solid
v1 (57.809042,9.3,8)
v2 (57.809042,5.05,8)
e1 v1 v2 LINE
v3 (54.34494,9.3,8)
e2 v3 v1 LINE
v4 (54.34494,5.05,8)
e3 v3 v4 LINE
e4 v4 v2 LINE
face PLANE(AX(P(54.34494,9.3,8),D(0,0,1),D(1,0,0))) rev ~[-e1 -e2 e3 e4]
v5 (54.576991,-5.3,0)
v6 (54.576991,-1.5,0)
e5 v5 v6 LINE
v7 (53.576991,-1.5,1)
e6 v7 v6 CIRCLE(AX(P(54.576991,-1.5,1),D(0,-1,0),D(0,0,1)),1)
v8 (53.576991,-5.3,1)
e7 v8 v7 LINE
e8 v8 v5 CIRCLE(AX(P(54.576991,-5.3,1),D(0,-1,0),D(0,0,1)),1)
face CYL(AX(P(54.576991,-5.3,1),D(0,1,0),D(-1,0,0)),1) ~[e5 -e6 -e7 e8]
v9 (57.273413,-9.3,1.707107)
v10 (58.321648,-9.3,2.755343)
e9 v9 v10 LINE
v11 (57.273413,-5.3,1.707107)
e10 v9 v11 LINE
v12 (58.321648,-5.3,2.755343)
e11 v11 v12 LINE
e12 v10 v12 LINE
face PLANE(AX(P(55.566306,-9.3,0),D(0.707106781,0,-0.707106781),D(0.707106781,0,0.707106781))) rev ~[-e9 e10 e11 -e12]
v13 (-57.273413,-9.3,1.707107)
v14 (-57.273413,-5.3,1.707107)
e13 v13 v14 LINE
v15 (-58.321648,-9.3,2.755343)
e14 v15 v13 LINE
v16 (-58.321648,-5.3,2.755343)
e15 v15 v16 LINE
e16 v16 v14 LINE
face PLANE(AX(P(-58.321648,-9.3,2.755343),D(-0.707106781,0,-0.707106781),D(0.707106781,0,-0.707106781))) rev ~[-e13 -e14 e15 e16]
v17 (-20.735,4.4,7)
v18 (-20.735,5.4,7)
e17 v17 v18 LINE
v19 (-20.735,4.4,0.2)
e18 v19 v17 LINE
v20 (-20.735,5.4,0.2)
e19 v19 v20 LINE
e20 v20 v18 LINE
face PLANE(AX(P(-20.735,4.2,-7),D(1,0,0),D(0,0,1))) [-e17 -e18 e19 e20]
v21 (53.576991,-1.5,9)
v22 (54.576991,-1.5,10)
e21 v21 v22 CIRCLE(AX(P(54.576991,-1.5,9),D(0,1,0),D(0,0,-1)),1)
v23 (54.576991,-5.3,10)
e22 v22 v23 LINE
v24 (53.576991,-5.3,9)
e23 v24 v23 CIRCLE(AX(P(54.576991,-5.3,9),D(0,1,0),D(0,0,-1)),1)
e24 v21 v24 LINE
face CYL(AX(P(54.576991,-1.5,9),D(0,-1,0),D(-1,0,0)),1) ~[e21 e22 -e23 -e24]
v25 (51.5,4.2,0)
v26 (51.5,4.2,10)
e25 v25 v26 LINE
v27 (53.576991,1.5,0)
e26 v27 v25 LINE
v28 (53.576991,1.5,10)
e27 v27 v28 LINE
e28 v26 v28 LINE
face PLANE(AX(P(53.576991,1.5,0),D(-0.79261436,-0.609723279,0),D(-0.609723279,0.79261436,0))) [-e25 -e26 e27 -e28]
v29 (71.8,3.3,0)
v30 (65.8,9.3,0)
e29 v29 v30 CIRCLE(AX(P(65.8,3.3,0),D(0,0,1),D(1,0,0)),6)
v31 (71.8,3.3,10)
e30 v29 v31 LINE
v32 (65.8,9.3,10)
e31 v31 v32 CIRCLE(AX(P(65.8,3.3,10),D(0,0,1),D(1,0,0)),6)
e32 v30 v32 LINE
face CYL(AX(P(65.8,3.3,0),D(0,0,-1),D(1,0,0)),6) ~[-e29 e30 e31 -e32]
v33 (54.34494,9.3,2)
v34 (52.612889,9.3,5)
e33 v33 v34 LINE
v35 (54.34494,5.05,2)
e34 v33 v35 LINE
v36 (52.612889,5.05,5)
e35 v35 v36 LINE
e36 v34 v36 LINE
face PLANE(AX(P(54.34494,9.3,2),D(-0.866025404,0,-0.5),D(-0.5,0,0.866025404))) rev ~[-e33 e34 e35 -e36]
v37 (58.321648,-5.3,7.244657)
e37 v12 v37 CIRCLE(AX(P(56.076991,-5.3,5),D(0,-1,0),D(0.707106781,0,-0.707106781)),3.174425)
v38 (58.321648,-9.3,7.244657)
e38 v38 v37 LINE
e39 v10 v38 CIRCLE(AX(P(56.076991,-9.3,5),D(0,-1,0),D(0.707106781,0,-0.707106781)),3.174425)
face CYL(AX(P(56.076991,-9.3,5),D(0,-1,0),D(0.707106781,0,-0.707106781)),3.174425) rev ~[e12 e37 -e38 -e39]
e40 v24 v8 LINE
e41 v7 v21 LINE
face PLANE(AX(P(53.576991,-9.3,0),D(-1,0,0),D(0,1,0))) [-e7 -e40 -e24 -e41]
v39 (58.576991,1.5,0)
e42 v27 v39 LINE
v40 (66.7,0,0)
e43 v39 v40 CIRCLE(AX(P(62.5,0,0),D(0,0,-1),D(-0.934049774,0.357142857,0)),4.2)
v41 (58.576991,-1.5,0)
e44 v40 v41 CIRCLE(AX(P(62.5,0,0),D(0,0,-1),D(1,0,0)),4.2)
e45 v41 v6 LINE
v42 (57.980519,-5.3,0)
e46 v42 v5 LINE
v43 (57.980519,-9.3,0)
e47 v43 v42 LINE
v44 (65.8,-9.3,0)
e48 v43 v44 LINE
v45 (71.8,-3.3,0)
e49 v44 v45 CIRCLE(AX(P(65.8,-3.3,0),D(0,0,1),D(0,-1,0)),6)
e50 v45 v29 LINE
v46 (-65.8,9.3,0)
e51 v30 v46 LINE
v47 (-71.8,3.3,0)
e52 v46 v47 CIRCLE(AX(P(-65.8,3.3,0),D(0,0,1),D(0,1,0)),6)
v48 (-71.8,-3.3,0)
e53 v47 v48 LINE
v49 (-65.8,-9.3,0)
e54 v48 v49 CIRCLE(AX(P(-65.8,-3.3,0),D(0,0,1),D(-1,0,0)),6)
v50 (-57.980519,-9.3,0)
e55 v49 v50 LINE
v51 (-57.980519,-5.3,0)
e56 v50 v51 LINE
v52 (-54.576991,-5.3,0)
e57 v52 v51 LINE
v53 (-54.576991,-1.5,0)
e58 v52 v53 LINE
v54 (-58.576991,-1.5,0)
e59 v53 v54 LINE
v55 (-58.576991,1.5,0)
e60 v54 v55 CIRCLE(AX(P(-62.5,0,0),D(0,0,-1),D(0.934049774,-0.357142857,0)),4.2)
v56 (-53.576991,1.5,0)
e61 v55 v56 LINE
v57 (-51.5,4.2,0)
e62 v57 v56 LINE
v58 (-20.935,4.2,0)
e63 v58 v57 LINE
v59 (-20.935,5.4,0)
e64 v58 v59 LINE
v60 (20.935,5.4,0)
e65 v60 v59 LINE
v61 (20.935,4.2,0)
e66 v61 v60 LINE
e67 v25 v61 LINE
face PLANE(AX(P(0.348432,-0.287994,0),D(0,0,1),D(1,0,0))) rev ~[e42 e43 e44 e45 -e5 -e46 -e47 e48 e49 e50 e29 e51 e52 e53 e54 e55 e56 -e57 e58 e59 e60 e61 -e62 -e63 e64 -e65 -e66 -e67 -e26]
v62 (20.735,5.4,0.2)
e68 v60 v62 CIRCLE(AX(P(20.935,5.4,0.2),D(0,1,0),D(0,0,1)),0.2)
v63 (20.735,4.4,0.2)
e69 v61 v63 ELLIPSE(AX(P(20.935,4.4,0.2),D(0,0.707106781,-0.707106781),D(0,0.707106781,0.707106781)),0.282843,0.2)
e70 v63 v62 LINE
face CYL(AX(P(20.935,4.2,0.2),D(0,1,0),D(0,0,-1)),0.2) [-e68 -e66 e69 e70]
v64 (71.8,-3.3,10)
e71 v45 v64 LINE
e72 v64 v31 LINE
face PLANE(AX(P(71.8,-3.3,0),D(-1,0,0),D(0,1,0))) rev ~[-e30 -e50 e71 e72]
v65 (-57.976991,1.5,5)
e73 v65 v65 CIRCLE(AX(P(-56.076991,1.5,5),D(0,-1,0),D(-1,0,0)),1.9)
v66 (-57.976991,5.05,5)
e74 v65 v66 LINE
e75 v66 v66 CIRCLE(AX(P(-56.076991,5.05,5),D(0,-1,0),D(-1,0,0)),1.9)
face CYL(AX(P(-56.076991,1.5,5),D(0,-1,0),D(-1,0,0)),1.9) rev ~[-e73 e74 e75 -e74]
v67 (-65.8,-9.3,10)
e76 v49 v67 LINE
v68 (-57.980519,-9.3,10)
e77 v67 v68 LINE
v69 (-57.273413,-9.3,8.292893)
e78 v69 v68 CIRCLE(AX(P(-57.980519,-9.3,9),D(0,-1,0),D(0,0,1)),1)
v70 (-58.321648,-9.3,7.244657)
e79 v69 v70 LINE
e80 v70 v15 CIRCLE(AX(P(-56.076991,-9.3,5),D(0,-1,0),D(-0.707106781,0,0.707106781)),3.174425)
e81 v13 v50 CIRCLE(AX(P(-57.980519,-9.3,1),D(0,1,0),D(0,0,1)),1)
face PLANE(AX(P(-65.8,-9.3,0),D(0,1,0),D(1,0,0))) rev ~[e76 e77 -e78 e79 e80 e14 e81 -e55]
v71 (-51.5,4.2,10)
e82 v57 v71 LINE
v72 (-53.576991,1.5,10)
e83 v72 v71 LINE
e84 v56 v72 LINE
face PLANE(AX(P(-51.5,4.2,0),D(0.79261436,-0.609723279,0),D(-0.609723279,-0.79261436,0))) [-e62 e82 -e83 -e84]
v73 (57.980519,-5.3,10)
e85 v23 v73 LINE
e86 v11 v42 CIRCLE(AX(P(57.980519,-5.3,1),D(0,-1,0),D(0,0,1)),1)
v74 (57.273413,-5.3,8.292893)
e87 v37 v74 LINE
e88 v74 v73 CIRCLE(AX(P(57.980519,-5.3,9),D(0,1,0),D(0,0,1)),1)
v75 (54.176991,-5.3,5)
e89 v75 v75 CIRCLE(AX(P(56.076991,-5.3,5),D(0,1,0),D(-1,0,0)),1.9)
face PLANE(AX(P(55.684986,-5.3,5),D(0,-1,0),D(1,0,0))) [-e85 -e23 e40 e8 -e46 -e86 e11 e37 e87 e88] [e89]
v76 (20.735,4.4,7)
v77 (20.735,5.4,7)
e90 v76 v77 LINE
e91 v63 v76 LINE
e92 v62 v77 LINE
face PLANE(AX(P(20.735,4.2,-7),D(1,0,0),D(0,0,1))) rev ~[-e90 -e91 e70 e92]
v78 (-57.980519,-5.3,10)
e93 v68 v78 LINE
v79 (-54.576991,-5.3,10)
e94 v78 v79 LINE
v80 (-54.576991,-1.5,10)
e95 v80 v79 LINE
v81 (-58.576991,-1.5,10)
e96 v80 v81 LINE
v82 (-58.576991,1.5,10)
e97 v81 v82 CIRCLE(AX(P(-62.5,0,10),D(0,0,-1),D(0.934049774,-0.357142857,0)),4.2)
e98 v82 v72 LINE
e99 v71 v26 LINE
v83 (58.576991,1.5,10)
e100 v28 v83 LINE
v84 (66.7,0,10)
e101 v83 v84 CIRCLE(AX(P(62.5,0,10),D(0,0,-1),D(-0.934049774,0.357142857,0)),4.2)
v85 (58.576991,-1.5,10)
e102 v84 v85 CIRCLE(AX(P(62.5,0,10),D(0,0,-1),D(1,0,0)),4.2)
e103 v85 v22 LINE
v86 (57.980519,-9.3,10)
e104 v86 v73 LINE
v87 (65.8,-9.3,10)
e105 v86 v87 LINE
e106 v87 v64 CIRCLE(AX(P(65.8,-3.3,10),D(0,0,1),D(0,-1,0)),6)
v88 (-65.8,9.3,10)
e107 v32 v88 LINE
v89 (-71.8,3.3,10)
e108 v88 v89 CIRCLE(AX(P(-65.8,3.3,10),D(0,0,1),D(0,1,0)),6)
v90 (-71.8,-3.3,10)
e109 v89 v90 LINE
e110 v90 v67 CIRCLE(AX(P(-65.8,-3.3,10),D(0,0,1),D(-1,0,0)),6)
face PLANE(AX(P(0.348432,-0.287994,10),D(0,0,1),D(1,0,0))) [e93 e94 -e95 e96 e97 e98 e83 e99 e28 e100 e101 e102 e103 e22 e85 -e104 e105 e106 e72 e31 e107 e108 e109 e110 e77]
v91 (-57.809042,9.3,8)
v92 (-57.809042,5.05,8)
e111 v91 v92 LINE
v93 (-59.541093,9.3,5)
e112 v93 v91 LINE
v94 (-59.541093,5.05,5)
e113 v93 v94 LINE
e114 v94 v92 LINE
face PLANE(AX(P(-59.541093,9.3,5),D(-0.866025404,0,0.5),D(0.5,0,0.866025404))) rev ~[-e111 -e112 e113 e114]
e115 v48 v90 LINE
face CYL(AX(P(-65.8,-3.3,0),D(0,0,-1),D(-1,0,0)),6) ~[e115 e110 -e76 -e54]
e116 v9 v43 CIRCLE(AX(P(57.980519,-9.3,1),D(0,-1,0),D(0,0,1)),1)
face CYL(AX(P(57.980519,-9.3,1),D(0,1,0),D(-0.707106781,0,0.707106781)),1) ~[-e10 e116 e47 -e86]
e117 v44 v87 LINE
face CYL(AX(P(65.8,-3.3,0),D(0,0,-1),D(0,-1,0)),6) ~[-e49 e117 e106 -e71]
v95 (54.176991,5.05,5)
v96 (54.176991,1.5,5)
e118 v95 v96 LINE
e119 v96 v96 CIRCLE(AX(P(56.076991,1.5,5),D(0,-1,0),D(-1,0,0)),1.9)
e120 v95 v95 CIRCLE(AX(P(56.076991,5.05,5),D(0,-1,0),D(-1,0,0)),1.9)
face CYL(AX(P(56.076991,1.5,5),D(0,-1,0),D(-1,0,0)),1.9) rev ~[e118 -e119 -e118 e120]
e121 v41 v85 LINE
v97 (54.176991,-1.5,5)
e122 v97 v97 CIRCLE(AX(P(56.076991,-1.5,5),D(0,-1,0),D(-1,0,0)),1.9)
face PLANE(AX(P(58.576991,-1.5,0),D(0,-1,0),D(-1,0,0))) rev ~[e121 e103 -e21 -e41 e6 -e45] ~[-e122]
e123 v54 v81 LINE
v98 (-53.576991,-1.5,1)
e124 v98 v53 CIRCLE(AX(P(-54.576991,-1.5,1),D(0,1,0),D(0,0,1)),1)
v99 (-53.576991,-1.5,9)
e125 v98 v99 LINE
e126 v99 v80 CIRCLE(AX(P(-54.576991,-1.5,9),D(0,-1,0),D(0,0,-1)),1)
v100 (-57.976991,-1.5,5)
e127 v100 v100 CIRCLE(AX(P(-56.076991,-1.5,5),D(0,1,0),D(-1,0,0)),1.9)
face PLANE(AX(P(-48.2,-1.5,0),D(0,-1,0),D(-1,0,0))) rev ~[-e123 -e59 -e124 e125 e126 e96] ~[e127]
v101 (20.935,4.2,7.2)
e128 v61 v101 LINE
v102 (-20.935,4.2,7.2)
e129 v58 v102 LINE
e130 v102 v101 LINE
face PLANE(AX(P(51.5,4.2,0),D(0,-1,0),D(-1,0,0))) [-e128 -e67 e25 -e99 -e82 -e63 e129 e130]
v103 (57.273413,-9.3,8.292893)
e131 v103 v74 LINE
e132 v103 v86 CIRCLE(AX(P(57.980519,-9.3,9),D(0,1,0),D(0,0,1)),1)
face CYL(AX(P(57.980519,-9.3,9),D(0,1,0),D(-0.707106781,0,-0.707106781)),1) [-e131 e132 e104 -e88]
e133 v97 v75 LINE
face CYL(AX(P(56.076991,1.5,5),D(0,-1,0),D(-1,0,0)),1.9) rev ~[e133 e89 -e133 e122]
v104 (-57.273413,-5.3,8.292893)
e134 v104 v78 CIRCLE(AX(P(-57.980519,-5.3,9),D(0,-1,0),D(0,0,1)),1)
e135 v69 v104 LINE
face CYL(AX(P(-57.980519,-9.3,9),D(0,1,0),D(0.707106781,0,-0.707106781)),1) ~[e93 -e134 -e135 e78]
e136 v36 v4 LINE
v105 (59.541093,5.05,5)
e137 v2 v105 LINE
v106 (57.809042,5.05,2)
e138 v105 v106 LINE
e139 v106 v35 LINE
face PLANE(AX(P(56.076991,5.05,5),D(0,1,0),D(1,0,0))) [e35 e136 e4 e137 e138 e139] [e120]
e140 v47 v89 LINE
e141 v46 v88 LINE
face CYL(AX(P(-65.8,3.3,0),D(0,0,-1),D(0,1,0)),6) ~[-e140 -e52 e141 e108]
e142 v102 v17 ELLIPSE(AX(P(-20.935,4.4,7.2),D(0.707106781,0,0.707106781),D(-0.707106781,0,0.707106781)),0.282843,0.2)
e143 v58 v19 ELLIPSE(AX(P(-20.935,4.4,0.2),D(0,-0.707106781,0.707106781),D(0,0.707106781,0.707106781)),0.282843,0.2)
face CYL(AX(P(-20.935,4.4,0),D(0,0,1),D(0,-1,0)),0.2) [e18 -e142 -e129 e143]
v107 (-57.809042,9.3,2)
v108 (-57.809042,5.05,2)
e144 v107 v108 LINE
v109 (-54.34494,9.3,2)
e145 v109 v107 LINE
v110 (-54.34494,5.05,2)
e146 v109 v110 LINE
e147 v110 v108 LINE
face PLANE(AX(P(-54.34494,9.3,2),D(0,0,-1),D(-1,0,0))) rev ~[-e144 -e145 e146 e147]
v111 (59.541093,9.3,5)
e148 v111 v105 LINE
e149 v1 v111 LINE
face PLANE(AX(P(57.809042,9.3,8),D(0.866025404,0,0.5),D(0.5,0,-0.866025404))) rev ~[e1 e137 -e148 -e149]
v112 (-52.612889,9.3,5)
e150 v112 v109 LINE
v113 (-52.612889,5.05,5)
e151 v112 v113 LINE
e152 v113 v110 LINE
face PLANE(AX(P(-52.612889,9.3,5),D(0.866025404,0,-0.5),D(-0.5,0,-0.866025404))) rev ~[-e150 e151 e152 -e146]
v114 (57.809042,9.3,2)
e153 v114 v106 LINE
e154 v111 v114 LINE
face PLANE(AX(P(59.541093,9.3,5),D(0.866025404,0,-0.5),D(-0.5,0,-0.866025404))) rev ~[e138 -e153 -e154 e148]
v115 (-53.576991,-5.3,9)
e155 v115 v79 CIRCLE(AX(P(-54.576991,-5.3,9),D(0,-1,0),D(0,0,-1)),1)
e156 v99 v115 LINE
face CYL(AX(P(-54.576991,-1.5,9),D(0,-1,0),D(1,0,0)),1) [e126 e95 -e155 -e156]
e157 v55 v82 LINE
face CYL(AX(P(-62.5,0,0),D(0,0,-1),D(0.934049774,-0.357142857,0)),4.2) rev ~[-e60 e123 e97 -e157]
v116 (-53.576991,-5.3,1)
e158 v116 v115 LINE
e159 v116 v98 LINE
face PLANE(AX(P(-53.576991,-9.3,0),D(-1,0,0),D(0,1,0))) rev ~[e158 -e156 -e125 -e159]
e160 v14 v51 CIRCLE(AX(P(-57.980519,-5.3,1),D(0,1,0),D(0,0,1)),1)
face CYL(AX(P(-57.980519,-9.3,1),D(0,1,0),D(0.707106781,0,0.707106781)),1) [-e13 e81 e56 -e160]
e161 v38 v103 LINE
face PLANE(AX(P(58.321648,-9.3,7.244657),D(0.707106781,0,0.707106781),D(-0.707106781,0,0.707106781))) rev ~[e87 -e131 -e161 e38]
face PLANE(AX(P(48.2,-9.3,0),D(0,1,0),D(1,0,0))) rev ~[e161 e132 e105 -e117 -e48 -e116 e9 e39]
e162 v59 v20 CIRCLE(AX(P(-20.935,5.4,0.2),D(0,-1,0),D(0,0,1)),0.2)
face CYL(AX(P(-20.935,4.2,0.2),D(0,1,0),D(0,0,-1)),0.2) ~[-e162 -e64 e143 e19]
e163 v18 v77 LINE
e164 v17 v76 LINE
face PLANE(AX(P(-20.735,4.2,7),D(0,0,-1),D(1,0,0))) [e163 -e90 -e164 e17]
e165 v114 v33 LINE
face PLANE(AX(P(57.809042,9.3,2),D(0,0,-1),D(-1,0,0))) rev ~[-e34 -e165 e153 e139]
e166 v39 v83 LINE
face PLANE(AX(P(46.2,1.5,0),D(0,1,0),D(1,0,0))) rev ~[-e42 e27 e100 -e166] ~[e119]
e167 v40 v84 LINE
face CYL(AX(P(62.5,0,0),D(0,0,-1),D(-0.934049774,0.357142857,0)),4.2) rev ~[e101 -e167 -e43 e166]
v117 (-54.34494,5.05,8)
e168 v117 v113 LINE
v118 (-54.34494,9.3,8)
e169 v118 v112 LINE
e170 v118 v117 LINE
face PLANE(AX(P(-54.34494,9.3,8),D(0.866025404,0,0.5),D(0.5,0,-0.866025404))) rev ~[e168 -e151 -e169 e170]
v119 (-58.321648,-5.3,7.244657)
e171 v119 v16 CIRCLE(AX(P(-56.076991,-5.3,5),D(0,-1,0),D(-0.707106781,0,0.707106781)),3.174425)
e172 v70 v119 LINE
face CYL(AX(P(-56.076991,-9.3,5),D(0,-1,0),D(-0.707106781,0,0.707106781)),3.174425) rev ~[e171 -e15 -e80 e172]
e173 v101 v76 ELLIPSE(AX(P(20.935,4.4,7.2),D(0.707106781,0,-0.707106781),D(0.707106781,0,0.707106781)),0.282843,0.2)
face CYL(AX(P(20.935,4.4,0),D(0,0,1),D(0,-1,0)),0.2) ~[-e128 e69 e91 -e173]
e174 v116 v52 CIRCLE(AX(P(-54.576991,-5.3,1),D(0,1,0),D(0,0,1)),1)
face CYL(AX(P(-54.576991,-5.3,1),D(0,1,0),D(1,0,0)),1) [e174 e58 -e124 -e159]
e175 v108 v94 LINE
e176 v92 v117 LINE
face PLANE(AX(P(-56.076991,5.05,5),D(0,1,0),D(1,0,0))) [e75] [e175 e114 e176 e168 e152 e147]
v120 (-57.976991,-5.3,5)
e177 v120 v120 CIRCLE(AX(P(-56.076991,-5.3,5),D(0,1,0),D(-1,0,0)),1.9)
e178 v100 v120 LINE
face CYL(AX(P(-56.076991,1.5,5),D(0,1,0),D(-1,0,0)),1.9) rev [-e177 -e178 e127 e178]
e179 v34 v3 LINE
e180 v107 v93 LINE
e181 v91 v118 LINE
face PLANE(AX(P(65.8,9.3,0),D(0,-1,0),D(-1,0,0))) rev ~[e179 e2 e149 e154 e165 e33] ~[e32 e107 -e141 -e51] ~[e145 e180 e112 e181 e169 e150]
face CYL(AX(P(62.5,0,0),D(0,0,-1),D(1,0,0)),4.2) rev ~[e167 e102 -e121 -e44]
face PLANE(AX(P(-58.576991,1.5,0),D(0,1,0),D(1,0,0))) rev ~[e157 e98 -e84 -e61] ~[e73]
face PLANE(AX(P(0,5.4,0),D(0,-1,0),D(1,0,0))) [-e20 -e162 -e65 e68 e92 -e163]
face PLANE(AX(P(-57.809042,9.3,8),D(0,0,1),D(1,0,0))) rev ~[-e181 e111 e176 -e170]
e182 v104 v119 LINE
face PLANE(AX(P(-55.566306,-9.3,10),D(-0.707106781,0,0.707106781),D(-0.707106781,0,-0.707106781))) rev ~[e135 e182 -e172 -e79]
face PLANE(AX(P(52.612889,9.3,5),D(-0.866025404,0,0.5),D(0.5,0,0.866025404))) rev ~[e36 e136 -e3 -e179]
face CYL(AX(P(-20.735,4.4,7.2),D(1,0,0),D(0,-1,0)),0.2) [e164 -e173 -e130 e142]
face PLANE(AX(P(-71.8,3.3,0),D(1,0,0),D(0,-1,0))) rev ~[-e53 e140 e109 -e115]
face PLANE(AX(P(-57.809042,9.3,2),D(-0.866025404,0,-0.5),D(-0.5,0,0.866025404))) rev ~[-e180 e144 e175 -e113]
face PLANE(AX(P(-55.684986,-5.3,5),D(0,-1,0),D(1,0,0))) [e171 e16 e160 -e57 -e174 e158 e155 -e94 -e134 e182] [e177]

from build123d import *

# Parameters (mm, degrees)
SALIENTE_EXTRUIR1_DEPTH = 10
CROQUIS2_R              = 1.9
CORTAR_EXTRUIR1_DEPTH   = 25
CORTAR_EXTRUIR5_DEPTH   = 74.087139772
CROQUIS8_W              = 5.376990951
CROQUIS8_H              = 7.8
CORTAR_EXTRUIR6_DEPTH   = 74.087139772
CORTAR_EXTRUIR7_DEPTH   = 4.25
CROQUIS10_R             = 1.9
CORTAR_EXTRUIR8_DEPTH   = 4
REDONDEO1_R             = 1
CROQUIS11_W             = 41.47
CROQUIS11_H             = 14
CORTAR_EXTRUIR9_DEPTH   = 1.2
REDONDEO2_R             = 0.2


with BuildPart() as part:
    # Croquis1 → Saliente-Extruir1 (new body)
    with BuildSketch(Plane.XY):
        with BuildLine():
            Line((65.8, 9.3), (-65.8, 9.3))
            ThreePointArc((-65.8, 9.3), (-70.042640687, 7.542640687), (-71.8, 3.3))
            Line((-71.8, 3.3), (-71.8, -3.3))
            ThreePointArc((-71.8, -3.3), (-70.042640687, -7.542640687), (-65.8, -9.3))
            Line((-65.8, -9.3), (-48.2, -9.3))
            Line((-48.2, -9.3), (-48.2, -1.5))
            Line((-48.2, -1.5), (-58.576990951, -1.5))
            ThreePointArc((-58.576990951, -1.5), (-66.7, 0), (-58.576990951, 1.5))
            Line((-58.576990951, 1.5), (-46.2, 1.5))
            Line((-46.2, 1.5), (-46.2, -9.3))
            Line((-46.2, -9.3), (46.2, -9.3))
            Line((46.2, -9.3), (46.2, 1.5))
            Line((46.2, 1.5), (58.576990951, 1.5))
            ThreePointArc((58.576990951, 1.5), (63.26268014, 4.130171789), (66.7, 0))
            ThreePointArc((66.7, 0), (63.26268014, -4.130171789), (58.576990951, -1.5))
            Line((58.576990951, -1.5), (48.2, -1.5))
            Line((48.2, -1.5), (48.2, -9.3))
            Line((48.2, -9.3), (65.8, -9.3))
            ThreePointArc((65.8, -9.3), (70.042640687, -7.542640687), (71.8, -3.3))
            Line((71.8, -3.3), (71.8, 3.3))
            ThreePointArc((71.8, 3.3), (70.042640687, 7.542640687), (65.8, 9.3))
        make_face()
    extrude(amount=SALIENTE_EXTRUIR1_DEPTH)

    # Croquis2 → Cortar-Extruir1 (cut, symmetric)
    with BuildSketch(Plane.XZ.offset(-1.5)):
        with Locations(Location((-56.076990951, 5, 0), (0, 0, 180))):
            Circle(CROQUIS2_R)
        with Locations(Location((56.076990951, 5, 0), (0, 0, 180))):
            Circle(CROQUIS2_R)
    extrude(amount=CORTAR_EXTRUIR1_DEPTH, both=True, mode=Mode.SUBTRACT)

    # Croquis7 → Cortar-Extruir5 (cut, through all)
    with BuildSketch(Plane(origin=(0, 0, 0), x_dir=(-1, 0, 0), z_dir=(0, 0, -1))):
        Polygon((51.5, 4.2), (53.576990951, 1.5), (46.2, 1.5), (46.2, -9.3), (-46.2, -9.3), (-46.2, 1.5), (-53.576990951, 1.5), (-51.5, 4.2), align=None)
    extrude(amount=-CORTAR_EXTRUIR5_DEPTH, mode=Mode.SUBTRACT)

    # Croquis8 → Cortar-Extruir6 (cut, through all)
    with BuildSketch(Plane(origin=(0, 0, 0), x_dir=(-1, 0, 0), z_dir=(0, 0, -1))):
        with Locations((50.888495476, -5.4)):
            Rectangle(CROQUIS8_W, CROQUIS8_H)
        with Locations((-50.888495476, -5.4)):
            Rectangle(CROQUIS8_W, CROQUIS8_H)
    extrude(amount=-CORTAR_EXTRUIR6_DEPTH, mode=Mode.SUBTRACT)

    # Croquis5 → Cortar-Extruir7 (cut)
    with BuildSketch(Plane(origin=(0, 9.3, 0), x_dir=(1, 0, 0), z_dir=(0, 1, 0))):
        Polygon((-52.612889336, -5), (-54.344940143, -2), (-57.809041758, -2), (-59.541092566, -5), (-57.809041758, -8), (-54.344940143, -8), align=None)
        Polygon((59.541092566, -5), (57.809041758, -2), (54.344940143, -2), (52.612889336, -5), (54.344940143, -8), (57.809041758, -8), align=None)
    extrude(amount=-CORTAR_EXTRUIR7_DEPTH, mode=Mode.SUBTRACT)

    # Croquis10 → Cortar-Extruir8 (cut)
    # profile 1 of 2: a face of its own
    with BuildSketch(Plane.XZ.offset(9.3)):
        with BuildLine():
            Line((-53.576990951, 10), (-55.566305742, 10))
            Line((-55.566305742, 10), (-58.321648346, 7.244657395))
            ThreePointArc((-58.321648346, 7.244657395), (-59.251415882, 5), (-58.321648346, 2.755342605))
            Line((-58.321648346, 2.755342605), (-55.566305742, 0))
            Line((-55.566305742, 0), (-53.576990951, 0))
            Line((-53.576990951, 0), (-53.576990951, 10))
        make_face()
        with Locations((-56.076990951, 5)):
            Circle(CROQUIS10_R, mode=Mode.SUBTRACT)
    # profile 2 of 2: a face of its own
    with BuildSketch(Plane.XZ.offset(9.3)):
        with BuildLine():
            Line((58.321648346, 7.244657395), (55.566305742, 10))
            Line((55.566305742, 10), (53.576990951, 10))
            Line((53.576990951, 10), (53.576990951, 0))
            Line((53.576990951, 0), (55.566305742, 0))
            Line((55.566305742, 0), (58.321648346, 2.755342605))
            ThreePointArc((58.321648346, 2.755342605), (59.251415882, 5), (58.321648346, 7.244657395))
        make_face()
        with Locations((56.076990951, 5)):
            Circle(CROQUIS10_R, mode=Mode.SUBTRACT)
    extrude(amount=-CORTAR_EXTRUIR8_DEPTH, mode=Mode.SUBTRACT)

    # Redondeo1
    redondeo1_edges = [part.edges().sort_by_distance(p)[0] for p in [
        (53.576990951, -3.4, 10),
        (53.576990951, -3.4, 0),
        (-53.576990951, -3.4, 0),
        (-53.576990951, -3.4, 10),
        (-55.566305742, -7.3, 0),
        (-55.566305742, -7.3, 10),
        (55.566305742, -7.3, 0),
        (55.566305742, -7.3, 10),
    ]]
    fillet(redondeo1_edges, radius=REDONDEO1_R)

    # Croquis11 → Cortar-Extruir9 (cut)
    with BuildSketch(Plane.XZ.offset(-4.2)):
        Rectangle(CROQUIS11_W, CROQUIS11_H)
    extrude(amount=-CORTAR_EXTRUIR9_DEPTH, mode=Mode.SUBTRACT)

    # Redondeo2
    redondeo2_edges = [part.edges().sort_by_distance(p)[0] for p in [
        (20.735, 4.2, 3.5),
        (-20.735, 4.2, 3.5),
        (0, 4.2, 7),
        (-20.735, 4.8, 0),
        (20.735, 4.8, 0),
    ]]
    fillet(redondeo2_edges, radius=REDONDEO2_R)


solid = part.part
